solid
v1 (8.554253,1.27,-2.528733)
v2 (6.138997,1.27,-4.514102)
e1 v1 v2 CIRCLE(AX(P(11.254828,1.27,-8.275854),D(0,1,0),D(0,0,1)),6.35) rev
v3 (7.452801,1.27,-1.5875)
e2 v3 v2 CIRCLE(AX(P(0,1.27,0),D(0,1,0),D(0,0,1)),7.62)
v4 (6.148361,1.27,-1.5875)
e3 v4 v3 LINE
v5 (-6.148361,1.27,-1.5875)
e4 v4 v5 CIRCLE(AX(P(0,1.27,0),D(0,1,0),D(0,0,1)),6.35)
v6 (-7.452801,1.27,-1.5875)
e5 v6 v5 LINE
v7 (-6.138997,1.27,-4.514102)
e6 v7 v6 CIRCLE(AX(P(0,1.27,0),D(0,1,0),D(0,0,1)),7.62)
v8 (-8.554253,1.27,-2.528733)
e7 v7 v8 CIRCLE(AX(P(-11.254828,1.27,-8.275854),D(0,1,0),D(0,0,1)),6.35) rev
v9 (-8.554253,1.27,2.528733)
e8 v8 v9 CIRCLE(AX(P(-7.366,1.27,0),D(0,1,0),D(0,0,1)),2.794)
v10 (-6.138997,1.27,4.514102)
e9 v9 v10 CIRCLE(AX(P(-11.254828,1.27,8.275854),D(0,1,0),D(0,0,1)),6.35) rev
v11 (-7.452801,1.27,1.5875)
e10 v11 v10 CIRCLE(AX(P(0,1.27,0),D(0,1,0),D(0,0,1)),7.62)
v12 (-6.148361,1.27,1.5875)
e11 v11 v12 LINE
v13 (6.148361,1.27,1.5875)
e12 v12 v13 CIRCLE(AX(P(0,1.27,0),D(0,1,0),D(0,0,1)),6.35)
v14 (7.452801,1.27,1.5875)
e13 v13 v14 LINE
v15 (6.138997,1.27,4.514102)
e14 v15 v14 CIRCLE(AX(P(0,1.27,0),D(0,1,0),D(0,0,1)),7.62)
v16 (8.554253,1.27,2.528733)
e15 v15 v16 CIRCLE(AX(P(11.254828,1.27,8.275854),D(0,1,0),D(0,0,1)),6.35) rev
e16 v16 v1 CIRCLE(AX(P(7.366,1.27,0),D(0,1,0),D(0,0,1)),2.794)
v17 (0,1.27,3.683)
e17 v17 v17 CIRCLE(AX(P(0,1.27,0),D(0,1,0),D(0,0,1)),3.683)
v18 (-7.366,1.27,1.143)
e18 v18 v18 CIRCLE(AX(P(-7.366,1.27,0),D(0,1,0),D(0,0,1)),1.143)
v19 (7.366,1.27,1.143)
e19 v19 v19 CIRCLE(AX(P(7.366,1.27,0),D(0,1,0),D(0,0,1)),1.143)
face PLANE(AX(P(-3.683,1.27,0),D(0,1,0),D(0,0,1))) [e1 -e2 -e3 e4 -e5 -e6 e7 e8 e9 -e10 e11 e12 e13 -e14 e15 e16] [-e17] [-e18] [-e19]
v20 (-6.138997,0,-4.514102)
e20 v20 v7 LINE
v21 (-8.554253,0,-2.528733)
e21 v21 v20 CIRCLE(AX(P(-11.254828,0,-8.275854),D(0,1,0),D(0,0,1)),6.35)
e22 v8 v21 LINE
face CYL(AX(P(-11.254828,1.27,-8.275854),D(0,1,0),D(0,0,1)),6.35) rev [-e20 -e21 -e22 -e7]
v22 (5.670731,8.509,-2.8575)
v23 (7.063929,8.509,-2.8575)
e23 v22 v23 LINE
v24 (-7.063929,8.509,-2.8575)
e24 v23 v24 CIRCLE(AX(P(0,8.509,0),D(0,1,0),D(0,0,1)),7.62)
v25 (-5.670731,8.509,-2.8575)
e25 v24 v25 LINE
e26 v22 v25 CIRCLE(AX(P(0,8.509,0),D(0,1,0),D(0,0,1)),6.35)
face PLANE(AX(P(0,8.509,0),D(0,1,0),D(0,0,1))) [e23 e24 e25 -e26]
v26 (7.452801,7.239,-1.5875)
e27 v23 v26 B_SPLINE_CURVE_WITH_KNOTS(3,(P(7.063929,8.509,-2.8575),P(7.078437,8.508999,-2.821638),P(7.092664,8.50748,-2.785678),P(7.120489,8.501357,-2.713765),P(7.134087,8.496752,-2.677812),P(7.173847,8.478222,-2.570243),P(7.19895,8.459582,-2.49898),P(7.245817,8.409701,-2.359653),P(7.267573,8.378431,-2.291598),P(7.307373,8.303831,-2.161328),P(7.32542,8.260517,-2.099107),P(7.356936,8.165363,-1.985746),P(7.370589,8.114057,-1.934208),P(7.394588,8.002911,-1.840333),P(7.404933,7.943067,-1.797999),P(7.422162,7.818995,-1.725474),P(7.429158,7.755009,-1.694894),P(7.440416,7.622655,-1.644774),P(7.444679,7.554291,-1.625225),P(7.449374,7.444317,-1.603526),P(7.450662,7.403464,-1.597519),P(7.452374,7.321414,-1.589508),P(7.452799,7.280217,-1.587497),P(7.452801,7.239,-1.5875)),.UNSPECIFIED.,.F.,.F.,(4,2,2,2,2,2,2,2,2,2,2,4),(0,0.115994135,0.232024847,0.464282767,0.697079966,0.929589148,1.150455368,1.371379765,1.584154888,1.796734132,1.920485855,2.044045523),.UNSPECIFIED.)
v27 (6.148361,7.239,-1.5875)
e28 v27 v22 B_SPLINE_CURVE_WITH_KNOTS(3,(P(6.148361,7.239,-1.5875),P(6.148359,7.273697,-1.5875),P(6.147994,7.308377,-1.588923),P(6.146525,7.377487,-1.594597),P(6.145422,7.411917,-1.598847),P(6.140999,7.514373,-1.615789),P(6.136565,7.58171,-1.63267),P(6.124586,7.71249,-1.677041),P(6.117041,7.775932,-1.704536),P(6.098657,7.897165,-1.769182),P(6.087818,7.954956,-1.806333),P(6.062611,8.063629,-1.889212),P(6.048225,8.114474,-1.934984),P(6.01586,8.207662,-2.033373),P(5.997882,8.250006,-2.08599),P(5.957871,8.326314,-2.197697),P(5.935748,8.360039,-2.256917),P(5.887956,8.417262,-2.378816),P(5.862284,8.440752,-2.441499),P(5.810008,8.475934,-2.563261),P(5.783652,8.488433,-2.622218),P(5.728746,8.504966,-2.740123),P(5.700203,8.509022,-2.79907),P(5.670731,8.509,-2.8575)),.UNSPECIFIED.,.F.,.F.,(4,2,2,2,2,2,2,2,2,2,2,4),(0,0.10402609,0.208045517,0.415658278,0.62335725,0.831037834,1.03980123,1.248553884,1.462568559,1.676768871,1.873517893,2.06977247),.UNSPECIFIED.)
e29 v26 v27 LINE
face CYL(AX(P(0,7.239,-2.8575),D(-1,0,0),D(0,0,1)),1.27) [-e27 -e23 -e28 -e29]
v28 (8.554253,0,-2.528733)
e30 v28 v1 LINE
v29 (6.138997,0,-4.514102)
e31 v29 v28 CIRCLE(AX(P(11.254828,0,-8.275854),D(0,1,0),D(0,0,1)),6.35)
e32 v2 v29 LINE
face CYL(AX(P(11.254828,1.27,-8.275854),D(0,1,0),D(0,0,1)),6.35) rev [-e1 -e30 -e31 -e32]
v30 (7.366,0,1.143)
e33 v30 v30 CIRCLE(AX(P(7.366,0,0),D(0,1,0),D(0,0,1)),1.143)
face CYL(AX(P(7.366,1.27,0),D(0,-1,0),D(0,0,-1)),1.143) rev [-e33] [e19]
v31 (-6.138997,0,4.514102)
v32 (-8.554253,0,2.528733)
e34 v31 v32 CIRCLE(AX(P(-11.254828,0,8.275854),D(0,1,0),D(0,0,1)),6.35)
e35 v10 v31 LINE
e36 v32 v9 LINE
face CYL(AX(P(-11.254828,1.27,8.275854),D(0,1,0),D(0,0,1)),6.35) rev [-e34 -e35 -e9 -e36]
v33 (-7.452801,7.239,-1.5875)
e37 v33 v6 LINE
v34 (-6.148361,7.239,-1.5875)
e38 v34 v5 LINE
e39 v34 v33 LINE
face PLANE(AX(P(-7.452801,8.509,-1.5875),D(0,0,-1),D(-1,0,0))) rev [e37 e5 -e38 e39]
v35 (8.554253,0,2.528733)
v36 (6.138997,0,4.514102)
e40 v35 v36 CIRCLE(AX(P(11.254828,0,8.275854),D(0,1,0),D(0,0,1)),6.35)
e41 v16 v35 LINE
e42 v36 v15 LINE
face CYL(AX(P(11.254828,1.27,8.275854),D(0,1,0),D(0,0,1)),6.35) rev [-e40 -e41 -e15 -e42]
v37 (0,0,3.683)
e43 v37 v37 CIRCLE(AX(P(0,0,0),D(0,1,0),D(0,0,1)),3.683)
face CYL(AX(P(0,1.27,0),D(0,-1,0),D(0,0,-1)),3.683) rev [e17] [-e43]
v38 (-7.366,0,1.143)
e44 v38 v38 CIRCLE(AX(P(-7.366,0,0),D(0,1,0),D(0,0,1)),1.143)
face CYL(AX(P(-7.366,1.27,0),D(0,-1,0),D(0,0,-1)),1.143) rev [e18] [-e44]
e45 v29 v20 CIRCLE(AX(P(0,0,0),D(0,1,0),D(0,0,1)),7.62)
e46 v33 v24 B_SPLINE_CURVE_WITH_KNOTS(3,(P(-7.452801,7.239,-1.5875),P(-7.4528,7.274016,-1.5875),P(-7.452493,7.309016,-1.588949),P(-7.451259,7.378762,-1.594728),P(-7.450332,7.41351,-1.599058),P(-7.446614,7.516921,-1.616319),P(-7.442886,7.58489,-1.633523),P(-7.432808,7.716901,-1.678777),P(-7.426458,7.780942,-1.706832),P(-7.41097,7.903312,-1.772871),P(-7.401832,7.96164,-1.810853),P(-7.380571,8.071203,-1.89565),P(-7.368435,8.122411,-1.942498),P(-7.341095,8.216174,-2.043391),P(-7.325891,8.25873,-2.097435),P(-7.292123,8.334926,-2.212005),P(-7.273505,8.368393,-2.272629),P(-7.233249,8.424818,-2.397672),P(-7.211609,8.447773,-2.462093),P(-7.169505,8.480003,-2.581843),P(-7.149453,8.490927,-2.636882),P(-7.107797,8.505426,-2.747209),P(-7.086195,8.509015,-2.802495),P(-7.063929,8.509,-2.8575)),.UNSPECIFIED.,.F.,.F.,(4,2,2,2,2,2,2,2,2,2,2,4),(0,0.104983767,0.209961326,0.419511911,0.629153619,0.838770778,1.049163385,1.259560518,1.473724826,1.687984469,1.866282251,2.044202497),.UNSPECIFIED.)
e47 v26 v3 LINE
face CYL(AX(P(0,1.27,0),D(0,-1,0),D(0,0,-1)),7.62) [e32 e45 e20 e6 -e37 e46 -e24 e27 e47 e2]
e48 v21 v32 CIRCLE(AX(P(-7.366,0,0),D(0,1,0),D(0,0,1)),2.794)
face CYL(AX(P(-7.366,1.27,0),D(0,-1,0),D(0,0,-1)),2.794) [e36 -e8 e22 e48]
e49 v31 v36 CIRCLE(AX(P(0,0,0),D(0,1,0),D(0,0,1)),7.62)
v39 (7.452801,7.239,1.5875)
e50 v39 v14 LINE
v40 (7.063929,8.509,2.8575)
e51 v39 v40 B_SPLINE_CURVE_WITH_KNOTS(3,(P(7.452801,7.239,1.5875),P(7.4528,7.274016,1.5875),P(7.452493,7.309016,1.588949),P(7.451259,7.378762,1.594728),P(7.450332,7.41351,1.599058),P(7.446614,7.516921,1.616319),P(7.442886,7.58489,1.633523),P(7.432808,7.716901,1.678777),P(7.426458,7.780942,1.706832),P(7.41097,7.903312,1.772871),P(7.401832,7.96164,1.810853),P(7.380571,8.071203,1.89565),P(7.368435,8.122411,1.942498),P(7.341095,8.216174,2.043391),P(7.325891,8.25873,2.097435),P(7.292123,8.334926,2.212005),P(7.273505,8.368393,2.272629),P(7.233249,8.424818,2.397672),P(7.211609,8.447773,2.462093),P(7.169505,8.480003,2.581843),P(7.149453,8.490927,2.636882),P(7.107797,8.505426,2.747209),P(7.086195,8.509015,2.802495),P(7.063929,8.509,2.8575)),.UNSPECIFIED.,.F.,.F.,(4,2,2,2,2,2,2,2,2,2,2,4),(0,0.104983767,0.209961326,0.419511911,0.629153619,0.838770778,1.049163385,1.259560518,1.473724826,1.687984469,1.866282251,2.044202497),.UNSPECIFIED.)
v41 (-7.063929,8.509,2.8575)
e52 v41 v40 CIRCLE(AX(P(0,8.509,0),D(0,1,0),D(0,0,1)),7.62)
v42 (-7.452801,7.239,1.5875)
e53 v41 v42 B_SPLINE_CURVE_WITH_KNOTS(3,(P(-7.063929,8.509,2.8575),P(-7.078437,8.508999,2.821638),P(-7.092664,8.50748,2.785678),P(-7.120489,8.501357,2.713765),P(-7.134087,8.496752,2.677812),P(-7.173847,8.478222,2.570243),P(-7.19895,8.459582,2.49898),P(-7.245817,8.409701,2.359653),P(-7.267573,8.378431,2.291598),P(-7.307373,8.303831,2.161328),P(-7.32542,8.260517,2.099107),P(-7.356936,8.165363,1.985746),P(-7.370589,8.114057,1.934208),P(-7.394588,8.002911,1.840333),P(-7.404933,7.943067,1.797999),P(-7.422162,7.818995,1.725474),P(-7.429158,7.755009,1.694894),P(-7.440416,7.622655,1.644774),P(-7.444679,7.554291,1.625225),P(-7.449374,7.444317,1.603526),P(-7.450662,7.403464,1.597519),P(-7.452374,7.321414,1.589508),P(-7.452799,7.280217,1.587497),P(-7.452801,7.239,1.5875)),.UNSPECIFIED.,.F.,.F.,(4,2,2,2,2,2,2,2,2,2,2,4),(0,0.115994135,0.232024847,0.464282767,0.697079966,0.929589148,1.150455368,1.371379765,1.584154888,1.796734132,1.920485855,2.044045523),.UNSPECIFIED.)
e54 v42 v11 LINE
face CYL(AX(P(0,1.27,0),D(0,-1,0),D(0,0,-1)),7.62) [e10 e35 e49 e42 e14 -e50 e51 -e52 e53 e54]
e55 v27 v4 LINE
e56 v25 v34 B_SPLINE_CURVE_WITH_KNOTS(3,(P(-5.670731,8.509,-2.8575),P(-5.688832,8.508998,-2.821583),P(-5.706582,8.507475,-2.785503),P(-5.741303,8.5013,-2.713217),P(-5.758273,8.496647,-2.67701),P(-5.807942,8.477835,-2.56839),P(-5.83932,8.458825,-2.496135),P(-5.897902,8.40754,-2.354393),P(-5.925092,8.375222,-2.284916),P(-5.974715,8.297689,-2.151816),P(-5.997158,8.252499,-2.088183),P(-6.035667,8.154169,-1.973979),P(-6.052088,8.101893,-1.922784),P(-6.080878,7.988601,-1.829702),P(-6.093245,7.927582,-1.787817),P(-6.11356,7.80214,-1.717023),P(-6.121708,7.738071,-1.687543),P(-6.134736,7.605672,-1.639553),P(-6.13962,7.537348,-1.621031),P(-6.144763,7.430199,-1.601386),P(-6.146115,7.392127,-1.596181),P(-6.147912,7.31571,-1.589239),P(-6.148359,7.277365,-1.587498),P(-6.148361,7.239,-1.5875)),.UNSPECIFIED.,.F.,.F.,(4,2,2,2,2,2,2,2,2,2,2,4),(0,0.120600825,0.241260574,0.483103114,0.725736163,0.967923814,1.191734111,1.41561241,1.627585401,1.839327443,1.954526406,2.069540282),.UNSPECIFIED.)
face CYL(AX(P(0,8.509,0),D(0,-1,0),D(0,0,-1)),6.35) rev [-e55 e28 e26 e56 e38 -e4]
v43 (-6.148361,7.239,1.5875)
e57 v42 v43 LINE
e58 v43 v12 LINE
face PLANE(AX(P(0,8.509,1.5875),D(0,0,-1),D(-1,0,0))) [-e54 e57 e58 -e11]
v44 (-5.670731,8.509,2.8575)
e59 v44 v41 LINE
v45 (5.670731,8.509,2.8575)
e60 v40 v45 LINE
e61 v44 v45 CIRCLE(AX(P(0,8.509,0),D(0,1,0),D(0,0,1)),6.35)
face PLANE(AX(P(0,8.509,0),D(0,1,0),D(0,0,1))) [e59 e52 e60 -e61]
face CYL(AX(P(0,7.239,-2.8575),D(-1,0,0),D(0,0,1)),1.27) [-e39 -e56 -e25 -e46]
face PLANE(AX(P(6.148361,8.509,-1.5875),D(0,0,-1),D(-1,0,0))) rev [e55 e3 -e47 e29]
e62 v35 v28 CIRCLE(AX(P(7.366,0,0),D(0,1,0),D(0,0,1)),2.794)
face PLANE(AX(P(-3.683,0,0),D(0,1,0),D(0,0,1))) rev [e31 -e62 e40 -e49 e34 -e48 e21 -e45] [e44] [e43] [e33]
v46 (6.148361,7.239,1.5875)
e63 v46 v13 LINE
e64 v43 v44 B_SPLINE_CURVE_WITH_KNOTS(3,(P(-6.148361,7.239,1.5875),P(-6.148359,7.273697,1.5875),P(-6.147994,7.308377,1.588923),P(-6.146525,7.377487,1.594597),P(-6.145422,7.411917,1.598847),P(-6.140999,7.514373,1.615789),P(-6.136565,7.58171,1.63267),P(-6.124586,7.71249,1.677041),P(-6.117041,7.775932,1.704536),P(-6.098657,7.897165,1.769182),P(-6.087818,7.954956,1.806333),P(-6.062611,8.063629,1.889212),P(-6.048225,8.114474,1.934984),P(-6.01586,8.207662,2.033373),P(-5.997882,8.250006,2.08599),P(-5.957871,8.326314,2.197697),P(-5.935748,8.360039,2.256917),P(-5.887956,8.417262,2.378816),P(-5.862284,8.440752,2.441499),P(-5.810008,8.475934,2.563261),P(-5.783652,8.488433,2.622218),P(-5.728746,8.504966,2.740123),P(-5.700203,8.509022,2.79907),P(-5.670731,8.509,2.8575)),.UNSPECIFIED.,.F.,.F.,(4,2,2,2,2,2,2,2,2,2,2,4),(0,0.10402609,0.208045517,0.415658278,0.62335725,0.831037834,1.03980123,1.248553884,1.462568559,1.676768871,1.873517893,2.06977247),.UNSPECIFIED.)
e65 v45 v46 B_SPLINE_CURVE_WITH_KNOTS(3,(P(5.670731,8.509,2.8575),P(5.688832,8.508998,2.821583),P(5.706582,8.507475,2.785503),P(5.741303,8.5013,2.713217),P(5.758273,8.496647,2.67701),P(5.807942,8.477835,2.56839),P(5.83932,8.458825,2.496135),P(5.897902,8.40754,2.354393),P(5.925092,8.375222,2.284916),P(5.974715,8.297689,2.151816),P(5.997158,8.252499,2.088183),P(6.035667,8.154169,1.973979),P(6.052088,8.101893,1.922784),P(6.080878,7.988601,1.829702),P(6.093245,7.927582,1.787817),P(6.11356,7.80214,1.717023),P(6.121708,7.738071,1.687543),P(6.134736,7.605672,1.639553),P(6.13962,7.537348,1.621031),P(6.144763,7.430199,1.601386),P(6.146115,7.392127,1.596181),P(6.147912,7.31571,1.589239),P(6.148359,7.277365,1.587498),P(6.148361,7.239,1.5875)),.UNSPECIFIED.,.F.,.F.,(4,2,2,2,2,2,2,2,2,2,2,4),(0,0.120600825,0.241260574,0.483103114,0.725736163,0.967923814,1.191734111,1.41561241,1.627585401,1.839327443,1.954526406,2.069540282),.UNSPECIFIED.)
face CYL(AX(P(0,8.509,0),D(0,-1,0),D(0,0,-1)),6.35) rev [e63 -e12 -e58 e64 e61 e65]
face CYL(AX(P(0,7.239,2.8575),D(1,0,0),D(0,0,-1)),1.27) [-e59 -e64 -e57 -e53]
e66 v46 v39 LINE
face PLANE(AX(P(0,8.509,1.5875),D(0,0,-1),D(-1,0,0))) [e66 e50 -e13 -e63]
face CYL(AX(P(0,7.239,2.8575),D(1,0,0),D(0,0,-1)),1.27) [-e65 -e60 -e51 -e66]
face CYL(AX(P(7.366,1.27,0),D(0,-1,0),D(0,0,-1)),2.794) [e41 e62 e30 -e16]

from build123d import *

# Parameters (mm, degrees)
SKETCH1_R           = 3.683
SKETCH1_R_2         = 1.143
BOSS_EXTRUDE1_DEPTH = 1.27
FILLET1_R           = 6.35
BOSS_EXTRUDE2_DEPTH = 7.239
FILLET2_R           = 1.27


with BuildPart() as part:
    # Sketch1 → Boss-Extrude1 (new body)
    with BuildSketch(Plane(origin=(0, 0, 0), x_dir=(1, 0, 0), z_dir=(0, 1, 0))):
        with BuildLine():
            ThreePointArc((-7.094482759, 2.780775861), (-10.16, 0), (-7.094482759, -2.780775861))
            ThreePointArc((-7.094482759, -2.780775861), (0, -7.62), (7.094482759, -2.780775861))
            ThreePointArc((7.094482759, -2.780775861), (10.16, 0), (7.094482759, 2.780775861))
            ThreePointArc((7.094482759, 2.780775861), (0, 7.62), (-7.094482759, 2.780775861))
        make_face()
        Circle(SKETCH1_R, mode=Mode.SUBTRACT)
        with Locations((7.366, 0)):
            Circle(SKETCH1_R_2, mode=Mode.SUBTRACT)
        with Locations((-7.366, 0)):
            Circle(SKETCH1_R_2, mode=Mode.SUBTRACT)
    extrude(amount=BOSS_EXTRUDE1_DEPTH)

    # Fillet1
    fillet1_edges = [part.edges().sort_by_distance(p)[0] for p in [
        (7.094482759, 0.635, -2.780775861),
        (-7.094482759, 0.635, -2.780775861),
        (-7.094482759, 0.635, 2.780775861),
        (7.094482759, 0.635, 2.780775861),
    ]]
    fillet(fillet1_edges, radius=FILLET1_R)

    # Sketch2 → Boss-Extrude2 (add)
    with BuildSketch(Plane(origin=(0, 1.27, 0), x_dir=(1, 0, 0), z_dir=(0, 1, 0))):
        with BuildLine():
            ThreePointArc((7.452801067, 1.5875), (0, 7.62), (-7.452801067, 1.5875))
            Line((-7.452801067, 1.5875), (-6.148361062, 1.5875))
            ThreePointArc((-6.148361062, 1.5875), (0, 6.35), (6.148361062, 1.5875))
            Line((6.148361062, 1.5875), (7.452801067, 1.5875))
        make_face()
        with BuildLine():
            Line((-6.148361062, -1.5875), (-7.452801067, -1.5875))
            ThreePointArc((-7.452801067, -1.5875), (0, -7.62), (7.452801067, -1.5875))
            Line((7.452801067, -1.5875), (6.148361062, -1.5875))
            ThreePointArc((6.148361062, -1.5875), (0, -6.35), (-6.148361062, -1.5875))
        make_face()
    extrude(amount=BOSS_EXTRUDE2_DEPTH)

    # Fillet2
    fillet2_edges = [part.edges().sort_by_distance(p)[0] for p in [
        (6.800581065, 8.509, -1.5875),
        (6.800581065, 8.509, 1.5875),
        (-6.800581065, 8.509, 1.5875),
        (-6.800581065, 8.509, -1.5875),
    ]]
    fillet(fillet2_edges, radius=FILLET2_R)


solid = part.part
